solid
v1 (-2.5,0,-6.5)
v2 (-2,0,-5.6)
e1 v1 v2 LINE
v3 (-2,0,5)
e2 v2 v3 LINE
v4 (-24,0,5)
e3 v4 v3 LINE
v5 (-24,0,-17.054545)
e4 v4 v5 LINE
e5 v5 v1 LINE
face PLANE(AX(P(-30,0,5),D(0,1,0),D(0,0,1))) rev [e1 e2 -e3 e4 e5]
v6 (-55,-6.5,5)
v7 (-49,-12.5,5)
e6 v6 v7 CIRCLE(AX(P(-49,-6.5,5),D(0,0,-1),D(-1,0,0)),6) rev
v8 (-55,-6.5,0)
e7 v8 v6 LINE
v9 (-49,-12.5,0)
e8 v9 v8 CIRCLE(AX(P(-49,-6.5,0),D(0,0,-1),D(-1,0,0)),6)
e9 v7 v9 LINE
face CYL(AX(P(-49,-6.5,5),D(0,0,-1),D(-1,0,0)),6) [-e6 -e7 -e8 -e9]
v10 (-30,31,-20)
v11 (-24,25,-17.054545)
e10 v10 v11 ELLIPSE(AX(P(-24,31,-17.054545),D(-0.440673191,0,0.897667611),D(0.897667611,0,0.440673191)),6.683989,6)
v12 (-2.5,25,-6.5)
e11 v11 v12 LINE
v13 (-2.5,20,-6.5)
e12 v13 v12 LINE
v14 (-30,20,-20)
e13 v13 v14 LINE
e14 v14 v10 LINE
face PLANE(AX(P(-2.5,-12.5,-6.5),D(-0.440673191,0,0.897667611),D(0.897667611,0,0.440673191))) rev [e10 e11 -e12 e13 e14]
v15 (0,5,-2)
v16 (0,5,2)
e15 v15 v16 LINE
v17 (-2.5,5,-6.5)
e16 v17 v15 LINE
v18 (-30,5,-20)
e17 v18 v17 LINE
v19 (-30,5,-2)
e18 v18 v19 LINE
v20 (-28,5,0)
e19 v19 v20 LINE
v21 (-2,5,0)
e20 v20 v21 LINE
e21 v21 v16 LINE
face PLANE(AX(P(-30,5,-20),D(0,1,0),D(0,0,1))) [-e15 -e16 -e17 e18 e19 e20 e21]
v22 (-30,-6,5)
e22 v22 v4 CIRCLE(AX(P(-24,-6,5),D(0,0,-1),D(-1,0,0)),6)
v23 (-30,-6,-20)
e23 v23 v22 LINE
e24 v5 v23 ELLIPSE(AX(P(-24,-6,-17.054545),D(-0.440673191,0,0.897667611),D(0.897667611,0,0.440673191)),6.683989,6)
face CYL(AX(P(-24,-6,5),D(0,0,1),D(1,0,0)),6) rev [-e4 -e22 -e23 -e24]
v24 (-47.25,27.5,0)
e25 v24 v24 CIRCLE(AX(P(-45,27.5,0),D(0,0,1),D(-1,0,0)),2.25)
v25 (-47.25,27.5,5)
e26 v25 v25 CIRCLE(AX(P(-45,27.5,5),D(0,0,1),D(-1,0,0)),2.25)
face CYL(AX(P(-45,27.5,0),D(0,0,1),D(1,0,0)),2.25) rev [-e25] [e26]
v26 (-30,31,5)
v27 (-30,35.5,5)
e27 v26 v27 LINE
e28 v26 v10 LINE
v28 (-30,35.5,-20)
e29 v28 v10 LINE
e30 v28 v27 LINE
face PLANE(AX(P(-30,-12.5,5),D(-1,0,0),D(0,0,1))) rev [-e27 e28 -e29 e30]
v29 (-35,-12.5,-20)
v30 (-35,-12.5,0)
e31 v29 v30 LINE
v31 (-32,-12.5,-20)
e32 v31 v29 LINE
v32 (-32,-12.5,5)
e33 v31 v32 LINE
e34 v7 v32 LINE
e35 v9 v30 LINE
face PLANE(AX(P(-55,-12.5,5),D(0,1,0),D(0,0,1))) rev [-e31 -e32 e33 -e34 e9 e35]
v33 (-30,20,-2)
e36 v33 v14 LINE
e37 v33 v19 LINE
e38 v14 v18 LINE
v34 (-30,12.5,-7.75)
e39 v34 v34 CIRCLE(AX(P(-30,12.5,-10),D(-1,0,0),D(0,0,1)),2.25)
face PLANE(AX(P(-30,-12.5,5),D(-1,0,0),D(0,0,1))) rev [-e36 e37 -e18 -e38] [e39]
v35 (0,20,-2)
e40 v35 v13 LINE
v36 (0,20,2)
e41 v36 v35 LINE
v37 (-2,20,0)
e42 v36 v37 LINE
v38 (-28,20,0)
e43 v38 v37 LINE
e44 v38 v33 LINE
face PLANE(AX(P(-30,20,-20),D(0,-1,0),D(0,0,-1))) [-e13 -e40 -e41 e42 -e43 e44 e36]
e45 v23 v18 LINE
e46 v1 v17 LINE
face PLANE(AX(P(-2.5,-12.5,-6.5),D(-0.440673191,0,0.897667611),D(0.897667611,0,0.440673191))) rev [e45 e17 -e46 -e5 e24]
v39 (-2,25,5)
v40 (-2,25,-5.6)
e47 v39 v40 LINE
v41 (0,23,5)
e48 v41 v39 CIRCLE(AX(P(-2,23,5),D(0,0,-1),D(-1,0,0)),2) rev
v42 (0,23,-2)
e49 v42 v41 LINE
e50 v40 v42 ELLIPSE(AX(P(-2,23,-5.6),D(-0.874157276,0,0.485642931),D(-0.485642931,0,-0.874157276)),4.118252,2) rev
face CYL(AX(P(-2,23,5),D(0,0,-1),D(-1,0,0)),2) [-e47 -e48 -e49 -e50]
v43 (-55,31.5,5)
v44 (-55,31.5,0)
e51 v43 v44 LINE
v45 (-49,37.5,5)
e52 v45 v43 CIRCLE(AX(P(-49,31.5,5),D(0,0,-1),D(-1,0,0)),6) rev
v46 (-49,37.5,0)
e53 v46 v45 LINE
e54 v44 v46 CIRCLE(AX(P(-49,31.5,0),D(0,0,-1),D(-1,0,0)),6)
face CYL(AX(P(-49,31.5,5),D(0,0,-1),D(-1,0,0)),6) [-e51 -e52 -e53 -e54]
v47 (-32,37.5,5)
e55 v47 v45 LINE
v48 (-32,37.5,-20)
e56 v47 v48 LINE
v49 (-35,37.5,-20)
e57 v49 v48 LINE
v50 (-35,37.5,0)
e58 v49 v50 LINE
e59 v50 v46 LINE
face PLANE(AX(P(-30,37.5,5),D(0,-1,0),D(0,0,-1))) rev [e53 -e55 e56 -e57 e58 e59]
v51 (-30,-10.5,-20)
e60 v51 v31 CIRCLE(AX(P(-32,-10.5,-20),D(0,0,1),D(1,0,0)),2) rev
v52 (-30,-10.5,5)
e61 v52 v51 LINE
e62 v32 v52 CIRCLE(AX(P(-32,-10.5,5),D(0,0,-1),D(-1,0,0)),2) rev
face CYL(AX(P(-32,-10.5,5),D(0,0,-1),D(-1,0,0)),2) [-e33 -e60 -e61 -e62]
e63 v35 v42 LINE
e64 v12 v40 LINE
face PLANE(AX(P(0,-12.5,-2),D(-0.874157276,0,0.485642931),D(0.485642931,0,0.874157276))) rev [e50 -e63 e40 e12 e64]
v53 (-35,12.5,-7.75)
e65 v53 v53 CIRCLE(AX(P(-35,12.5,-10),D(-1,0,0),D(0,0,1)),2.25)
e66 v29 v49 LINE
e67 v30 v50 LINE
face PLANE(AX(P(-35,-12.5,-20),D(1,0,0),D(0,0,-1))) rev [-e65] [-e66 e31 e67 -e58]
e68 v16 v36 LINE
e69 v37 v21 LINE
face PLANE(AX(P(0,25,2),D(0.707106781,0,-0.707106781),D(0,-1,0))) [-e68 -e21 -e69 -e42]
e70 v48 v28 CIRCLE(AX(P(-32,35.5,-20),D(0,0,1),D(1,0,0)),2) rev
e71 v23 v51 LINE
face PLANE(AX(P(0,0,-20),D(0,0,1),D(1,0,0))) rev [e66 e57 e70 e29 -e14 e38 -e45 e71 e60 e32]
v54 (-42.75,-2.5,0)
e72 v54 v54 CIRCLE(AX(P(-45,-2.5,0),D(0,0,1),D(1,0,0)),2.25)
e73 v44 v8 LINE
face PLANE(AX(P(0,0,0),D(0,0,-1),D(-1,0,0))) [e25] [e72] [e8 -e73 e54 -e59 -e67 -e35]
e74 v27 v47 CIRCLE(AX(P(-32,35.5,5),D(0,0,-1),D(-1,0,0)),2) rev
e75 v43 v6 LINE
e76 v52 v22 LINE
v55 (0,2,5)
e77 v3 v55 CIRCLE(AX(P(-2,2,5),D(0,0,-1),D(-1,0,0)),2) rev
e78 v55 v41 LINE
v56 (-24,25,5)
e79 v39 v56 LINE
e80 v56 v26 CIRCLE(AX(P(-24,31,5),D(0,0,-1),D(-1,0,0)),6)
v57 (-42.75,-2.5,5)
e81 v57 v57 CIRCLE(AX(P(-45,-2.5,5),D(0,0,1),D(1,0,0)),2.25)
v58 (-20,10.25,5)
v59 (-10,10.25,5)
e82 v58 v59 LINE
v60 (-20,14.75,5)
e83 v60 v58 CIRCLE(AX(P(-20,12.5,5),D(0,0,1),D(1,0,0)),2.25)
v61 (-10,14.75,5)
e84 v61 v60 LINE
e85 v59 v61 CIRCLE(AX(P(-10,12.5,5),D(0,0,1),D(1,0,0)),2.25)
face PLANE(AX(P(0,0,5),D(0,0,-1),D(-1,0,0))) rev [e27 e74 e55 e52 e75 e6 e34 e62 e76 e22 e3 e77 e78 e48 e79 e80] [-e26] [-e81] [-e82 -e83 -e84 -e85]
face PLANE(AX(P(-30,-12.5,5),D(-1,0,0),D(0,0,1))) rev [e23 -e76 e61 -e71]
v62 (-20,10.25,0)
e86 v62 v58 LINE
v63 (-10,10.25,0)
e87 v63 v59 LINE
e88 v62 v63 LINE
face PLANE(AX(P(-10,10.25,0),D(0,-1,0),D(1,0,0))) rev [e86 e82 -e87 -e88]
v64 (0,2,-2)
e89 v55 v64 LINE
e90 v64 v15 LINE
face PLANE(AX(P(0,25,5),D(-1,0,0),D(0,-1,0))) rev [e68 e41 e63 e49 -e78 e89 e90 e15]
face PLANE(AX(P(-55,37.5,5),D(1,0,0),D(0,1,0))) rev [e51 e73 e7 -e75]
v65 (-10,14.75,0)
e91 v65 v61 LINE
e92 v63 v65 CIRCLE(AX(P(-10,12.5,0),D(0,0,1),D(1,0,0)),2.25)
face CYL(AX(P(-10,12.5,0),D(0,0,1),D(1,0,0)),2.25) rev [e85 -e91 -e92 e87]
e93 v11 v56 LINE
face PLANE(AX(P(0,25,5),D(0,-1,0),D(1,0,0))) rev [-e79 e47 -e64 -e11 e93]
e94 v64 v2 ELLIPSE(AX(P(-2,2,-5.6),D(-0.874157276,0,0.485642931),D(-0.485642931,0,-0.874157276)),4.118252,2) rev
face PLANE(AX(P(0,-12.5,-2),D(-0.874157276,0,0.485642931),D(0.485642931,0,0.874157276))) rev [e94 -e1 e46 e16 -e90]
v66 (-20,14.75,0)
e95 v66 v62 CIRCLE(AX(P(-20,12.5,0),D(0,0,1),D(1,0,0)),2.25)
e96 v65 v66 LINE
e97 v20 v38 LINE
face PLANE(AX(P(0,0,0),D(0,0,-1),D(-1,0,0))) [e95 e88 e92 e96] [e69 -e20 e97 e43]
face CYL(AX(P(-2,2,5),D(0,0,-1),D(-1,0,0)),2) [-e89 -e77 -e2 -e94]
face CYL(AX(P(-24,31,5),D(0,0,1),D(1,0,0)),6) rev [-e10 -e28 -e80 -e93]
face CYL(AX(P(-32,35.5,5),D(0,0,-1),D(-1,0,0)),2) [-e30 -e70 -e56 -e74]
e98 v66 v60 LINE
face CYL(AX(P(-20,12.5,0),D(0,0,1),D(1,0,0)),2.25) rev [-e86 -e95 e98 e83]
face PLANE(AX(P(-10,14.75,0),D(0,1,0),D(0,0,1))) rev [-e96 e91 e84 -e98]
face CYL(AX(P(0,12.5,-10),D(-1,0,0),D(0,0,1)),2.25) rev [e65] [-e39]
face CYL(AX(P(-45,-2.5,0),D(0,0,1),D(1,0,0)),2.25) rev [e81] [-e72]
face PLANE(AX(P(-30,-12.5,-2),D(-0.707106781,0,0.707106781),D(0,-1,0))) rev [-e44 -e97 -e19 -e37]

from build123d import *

# Parameters (mm, degrees)
BOSS_EXTRUDE1_DEPTH = 5
SKETCH2_R           = 2.25
CUT_EXTRUDE1_DEPTH  = 6
SKETCH3_W           = 5
SKETCH3_H           = 50
BOSS_EXTRUDE2_DEPTH = 20
SKETCH4_R           = 2.25
CUT_EXTRUDE2_DEPTH  = 36
SKETCH5_W           = 20
SKETCH5_H           = 5
BOSS_EXTRUDE3_DEPTH = 30
CUT_EXTRUDE3_DEPTH  = 38.5
FILLET1_R           = 6
CHAMFER1_SIZE       = 2
FILLET2_R           = 6
FILLET3_R           = 2


with BuildPart() as part:
    # Sketch1 → Boss-Extrude1 (new body)
    with BuildSketch(Plane.XY):
        Polygon((0, 25), (0, 0), (-30, 0), (-30, -12.5), (-55, -12.5), (-55, 37.5), (-30, 37.5), (-30, 25), align=None)
    extrude(amount=BOSS_EXTRUDE1_DEPTH)

    # Sketch2 → Cut-Extrude1 (cut, through all)
    with BuildSketch(Plane.XY.offset(5)):
        with Locations((-45, -2.5)):
            Circle(SKETCH2_R)
        with Locations((-45, 27.5)):
            Circle(SKETCH2_R)
        with BuildLine():
            Line((-10, 10.25), (-20, 10.25))
            ThreePointArc((-20, 10.25), (-22.25, 12.5), (-20, 14.75))
            Line((-20, 14.75), (-10, 14.75))
            ThreePointArc((-10, 14.75), (-7.75, 12.5), (-10, 10.25))
        make_face()
    extrude(amount=-CUT_EXTRUDE1_DEPTH, mode=Mode.SUBTRACT)

    # Sketch3 → Boss-Extrude2 (add)
    with BuildSketch(Plane(origin=(0, 0, 0), x_dir=(-1, 0, 0), z_dir=(0, 0, -1))):
        with Locations((32.5, 12.5)):
            Rectangle(SKETCH3_W, SKETCH3_H)
    extrude(amount=BOSS_EXTRUDE2_DEPTH)

    # Sketch4 → Cut-Extrude2 (cut, through all)
    with BuildSketch(Plane.ZY.offset(35)):
        with Locations((-10, 12.5)):
            Circle(SKETCH4_R)
    extrude(amount=-CUT_EXTRUDE2_DEPTH, mode=Mode.SUBTRACT)

    # Sketch5 → Boss-Extrude3 (add)
    with BuildSketch(Plane(origin=(0, 0, 0), x_dir=(0, 0, -1), z_dir=(1, 0, 0))):
        with Locations((10, 22.5)):
            Rectangle(SKETCH5_W, SKETCH5_H)
        with Locations((10, 2.5)):
            Rectangle(SKETCH5_W, SKETCH5_H)
    extrude(amount=-BOSS_EXTRUDE3_DEPTH)

    # Sketch6 → Cut-Extrude3 (cut, through all)
    with BuildSketch(Plane(origin=(0, 25, 0), x_dir=(1, 0, 0), z_dir=(0, 1, 0))):
        Polygon((-30, 20), (0, 20), (0, 2), (-2.5, 6.5), align=None)
    extrude(amount=-CUT_EXTRUDE3_DEPTH, mode=Mode.SUBTRACT)

    # Fillet1
    fillet1_edges = [part.edges().sort_by_distance(p)[0] for p in [
        (-30, 0, -7.5),
        (-30, 25, -7.5),
    ]]
    fillet(fillet1_edges, radius=FILLET1_R)

    # Chamfer1
    chamfer1_edges = [part.edges().sort_by_distance(p)[0] for p in [
        (-30, 12.5, 0),
        (0, 12.5, 0),
    ]]
    chamfer(chamfer1_edges, length=CHAMFER1_SIZE)

    # Fillet2
    fillet2_edges = [part.edges().sort_by_distance(p)[0] for p in [
        (-55, -12.5, 2.5),
        (-55, 37.5, 2.5),
    ]]
    fillet(fillet2_edges, radius=FILLET2_R)

    # Fillet3
    fillet3_edges = [part.edges().sort_by_distance(p)[0] for p in [
        (0, 25, 1.5),
        (0, 0, 1.5),
        (-30, -12.5, -7.5),
        (-30, 37.5, -7.5),
    ]]
    fillet(fillet3_edges, radius=FILLET3_R)


solid = part.part
